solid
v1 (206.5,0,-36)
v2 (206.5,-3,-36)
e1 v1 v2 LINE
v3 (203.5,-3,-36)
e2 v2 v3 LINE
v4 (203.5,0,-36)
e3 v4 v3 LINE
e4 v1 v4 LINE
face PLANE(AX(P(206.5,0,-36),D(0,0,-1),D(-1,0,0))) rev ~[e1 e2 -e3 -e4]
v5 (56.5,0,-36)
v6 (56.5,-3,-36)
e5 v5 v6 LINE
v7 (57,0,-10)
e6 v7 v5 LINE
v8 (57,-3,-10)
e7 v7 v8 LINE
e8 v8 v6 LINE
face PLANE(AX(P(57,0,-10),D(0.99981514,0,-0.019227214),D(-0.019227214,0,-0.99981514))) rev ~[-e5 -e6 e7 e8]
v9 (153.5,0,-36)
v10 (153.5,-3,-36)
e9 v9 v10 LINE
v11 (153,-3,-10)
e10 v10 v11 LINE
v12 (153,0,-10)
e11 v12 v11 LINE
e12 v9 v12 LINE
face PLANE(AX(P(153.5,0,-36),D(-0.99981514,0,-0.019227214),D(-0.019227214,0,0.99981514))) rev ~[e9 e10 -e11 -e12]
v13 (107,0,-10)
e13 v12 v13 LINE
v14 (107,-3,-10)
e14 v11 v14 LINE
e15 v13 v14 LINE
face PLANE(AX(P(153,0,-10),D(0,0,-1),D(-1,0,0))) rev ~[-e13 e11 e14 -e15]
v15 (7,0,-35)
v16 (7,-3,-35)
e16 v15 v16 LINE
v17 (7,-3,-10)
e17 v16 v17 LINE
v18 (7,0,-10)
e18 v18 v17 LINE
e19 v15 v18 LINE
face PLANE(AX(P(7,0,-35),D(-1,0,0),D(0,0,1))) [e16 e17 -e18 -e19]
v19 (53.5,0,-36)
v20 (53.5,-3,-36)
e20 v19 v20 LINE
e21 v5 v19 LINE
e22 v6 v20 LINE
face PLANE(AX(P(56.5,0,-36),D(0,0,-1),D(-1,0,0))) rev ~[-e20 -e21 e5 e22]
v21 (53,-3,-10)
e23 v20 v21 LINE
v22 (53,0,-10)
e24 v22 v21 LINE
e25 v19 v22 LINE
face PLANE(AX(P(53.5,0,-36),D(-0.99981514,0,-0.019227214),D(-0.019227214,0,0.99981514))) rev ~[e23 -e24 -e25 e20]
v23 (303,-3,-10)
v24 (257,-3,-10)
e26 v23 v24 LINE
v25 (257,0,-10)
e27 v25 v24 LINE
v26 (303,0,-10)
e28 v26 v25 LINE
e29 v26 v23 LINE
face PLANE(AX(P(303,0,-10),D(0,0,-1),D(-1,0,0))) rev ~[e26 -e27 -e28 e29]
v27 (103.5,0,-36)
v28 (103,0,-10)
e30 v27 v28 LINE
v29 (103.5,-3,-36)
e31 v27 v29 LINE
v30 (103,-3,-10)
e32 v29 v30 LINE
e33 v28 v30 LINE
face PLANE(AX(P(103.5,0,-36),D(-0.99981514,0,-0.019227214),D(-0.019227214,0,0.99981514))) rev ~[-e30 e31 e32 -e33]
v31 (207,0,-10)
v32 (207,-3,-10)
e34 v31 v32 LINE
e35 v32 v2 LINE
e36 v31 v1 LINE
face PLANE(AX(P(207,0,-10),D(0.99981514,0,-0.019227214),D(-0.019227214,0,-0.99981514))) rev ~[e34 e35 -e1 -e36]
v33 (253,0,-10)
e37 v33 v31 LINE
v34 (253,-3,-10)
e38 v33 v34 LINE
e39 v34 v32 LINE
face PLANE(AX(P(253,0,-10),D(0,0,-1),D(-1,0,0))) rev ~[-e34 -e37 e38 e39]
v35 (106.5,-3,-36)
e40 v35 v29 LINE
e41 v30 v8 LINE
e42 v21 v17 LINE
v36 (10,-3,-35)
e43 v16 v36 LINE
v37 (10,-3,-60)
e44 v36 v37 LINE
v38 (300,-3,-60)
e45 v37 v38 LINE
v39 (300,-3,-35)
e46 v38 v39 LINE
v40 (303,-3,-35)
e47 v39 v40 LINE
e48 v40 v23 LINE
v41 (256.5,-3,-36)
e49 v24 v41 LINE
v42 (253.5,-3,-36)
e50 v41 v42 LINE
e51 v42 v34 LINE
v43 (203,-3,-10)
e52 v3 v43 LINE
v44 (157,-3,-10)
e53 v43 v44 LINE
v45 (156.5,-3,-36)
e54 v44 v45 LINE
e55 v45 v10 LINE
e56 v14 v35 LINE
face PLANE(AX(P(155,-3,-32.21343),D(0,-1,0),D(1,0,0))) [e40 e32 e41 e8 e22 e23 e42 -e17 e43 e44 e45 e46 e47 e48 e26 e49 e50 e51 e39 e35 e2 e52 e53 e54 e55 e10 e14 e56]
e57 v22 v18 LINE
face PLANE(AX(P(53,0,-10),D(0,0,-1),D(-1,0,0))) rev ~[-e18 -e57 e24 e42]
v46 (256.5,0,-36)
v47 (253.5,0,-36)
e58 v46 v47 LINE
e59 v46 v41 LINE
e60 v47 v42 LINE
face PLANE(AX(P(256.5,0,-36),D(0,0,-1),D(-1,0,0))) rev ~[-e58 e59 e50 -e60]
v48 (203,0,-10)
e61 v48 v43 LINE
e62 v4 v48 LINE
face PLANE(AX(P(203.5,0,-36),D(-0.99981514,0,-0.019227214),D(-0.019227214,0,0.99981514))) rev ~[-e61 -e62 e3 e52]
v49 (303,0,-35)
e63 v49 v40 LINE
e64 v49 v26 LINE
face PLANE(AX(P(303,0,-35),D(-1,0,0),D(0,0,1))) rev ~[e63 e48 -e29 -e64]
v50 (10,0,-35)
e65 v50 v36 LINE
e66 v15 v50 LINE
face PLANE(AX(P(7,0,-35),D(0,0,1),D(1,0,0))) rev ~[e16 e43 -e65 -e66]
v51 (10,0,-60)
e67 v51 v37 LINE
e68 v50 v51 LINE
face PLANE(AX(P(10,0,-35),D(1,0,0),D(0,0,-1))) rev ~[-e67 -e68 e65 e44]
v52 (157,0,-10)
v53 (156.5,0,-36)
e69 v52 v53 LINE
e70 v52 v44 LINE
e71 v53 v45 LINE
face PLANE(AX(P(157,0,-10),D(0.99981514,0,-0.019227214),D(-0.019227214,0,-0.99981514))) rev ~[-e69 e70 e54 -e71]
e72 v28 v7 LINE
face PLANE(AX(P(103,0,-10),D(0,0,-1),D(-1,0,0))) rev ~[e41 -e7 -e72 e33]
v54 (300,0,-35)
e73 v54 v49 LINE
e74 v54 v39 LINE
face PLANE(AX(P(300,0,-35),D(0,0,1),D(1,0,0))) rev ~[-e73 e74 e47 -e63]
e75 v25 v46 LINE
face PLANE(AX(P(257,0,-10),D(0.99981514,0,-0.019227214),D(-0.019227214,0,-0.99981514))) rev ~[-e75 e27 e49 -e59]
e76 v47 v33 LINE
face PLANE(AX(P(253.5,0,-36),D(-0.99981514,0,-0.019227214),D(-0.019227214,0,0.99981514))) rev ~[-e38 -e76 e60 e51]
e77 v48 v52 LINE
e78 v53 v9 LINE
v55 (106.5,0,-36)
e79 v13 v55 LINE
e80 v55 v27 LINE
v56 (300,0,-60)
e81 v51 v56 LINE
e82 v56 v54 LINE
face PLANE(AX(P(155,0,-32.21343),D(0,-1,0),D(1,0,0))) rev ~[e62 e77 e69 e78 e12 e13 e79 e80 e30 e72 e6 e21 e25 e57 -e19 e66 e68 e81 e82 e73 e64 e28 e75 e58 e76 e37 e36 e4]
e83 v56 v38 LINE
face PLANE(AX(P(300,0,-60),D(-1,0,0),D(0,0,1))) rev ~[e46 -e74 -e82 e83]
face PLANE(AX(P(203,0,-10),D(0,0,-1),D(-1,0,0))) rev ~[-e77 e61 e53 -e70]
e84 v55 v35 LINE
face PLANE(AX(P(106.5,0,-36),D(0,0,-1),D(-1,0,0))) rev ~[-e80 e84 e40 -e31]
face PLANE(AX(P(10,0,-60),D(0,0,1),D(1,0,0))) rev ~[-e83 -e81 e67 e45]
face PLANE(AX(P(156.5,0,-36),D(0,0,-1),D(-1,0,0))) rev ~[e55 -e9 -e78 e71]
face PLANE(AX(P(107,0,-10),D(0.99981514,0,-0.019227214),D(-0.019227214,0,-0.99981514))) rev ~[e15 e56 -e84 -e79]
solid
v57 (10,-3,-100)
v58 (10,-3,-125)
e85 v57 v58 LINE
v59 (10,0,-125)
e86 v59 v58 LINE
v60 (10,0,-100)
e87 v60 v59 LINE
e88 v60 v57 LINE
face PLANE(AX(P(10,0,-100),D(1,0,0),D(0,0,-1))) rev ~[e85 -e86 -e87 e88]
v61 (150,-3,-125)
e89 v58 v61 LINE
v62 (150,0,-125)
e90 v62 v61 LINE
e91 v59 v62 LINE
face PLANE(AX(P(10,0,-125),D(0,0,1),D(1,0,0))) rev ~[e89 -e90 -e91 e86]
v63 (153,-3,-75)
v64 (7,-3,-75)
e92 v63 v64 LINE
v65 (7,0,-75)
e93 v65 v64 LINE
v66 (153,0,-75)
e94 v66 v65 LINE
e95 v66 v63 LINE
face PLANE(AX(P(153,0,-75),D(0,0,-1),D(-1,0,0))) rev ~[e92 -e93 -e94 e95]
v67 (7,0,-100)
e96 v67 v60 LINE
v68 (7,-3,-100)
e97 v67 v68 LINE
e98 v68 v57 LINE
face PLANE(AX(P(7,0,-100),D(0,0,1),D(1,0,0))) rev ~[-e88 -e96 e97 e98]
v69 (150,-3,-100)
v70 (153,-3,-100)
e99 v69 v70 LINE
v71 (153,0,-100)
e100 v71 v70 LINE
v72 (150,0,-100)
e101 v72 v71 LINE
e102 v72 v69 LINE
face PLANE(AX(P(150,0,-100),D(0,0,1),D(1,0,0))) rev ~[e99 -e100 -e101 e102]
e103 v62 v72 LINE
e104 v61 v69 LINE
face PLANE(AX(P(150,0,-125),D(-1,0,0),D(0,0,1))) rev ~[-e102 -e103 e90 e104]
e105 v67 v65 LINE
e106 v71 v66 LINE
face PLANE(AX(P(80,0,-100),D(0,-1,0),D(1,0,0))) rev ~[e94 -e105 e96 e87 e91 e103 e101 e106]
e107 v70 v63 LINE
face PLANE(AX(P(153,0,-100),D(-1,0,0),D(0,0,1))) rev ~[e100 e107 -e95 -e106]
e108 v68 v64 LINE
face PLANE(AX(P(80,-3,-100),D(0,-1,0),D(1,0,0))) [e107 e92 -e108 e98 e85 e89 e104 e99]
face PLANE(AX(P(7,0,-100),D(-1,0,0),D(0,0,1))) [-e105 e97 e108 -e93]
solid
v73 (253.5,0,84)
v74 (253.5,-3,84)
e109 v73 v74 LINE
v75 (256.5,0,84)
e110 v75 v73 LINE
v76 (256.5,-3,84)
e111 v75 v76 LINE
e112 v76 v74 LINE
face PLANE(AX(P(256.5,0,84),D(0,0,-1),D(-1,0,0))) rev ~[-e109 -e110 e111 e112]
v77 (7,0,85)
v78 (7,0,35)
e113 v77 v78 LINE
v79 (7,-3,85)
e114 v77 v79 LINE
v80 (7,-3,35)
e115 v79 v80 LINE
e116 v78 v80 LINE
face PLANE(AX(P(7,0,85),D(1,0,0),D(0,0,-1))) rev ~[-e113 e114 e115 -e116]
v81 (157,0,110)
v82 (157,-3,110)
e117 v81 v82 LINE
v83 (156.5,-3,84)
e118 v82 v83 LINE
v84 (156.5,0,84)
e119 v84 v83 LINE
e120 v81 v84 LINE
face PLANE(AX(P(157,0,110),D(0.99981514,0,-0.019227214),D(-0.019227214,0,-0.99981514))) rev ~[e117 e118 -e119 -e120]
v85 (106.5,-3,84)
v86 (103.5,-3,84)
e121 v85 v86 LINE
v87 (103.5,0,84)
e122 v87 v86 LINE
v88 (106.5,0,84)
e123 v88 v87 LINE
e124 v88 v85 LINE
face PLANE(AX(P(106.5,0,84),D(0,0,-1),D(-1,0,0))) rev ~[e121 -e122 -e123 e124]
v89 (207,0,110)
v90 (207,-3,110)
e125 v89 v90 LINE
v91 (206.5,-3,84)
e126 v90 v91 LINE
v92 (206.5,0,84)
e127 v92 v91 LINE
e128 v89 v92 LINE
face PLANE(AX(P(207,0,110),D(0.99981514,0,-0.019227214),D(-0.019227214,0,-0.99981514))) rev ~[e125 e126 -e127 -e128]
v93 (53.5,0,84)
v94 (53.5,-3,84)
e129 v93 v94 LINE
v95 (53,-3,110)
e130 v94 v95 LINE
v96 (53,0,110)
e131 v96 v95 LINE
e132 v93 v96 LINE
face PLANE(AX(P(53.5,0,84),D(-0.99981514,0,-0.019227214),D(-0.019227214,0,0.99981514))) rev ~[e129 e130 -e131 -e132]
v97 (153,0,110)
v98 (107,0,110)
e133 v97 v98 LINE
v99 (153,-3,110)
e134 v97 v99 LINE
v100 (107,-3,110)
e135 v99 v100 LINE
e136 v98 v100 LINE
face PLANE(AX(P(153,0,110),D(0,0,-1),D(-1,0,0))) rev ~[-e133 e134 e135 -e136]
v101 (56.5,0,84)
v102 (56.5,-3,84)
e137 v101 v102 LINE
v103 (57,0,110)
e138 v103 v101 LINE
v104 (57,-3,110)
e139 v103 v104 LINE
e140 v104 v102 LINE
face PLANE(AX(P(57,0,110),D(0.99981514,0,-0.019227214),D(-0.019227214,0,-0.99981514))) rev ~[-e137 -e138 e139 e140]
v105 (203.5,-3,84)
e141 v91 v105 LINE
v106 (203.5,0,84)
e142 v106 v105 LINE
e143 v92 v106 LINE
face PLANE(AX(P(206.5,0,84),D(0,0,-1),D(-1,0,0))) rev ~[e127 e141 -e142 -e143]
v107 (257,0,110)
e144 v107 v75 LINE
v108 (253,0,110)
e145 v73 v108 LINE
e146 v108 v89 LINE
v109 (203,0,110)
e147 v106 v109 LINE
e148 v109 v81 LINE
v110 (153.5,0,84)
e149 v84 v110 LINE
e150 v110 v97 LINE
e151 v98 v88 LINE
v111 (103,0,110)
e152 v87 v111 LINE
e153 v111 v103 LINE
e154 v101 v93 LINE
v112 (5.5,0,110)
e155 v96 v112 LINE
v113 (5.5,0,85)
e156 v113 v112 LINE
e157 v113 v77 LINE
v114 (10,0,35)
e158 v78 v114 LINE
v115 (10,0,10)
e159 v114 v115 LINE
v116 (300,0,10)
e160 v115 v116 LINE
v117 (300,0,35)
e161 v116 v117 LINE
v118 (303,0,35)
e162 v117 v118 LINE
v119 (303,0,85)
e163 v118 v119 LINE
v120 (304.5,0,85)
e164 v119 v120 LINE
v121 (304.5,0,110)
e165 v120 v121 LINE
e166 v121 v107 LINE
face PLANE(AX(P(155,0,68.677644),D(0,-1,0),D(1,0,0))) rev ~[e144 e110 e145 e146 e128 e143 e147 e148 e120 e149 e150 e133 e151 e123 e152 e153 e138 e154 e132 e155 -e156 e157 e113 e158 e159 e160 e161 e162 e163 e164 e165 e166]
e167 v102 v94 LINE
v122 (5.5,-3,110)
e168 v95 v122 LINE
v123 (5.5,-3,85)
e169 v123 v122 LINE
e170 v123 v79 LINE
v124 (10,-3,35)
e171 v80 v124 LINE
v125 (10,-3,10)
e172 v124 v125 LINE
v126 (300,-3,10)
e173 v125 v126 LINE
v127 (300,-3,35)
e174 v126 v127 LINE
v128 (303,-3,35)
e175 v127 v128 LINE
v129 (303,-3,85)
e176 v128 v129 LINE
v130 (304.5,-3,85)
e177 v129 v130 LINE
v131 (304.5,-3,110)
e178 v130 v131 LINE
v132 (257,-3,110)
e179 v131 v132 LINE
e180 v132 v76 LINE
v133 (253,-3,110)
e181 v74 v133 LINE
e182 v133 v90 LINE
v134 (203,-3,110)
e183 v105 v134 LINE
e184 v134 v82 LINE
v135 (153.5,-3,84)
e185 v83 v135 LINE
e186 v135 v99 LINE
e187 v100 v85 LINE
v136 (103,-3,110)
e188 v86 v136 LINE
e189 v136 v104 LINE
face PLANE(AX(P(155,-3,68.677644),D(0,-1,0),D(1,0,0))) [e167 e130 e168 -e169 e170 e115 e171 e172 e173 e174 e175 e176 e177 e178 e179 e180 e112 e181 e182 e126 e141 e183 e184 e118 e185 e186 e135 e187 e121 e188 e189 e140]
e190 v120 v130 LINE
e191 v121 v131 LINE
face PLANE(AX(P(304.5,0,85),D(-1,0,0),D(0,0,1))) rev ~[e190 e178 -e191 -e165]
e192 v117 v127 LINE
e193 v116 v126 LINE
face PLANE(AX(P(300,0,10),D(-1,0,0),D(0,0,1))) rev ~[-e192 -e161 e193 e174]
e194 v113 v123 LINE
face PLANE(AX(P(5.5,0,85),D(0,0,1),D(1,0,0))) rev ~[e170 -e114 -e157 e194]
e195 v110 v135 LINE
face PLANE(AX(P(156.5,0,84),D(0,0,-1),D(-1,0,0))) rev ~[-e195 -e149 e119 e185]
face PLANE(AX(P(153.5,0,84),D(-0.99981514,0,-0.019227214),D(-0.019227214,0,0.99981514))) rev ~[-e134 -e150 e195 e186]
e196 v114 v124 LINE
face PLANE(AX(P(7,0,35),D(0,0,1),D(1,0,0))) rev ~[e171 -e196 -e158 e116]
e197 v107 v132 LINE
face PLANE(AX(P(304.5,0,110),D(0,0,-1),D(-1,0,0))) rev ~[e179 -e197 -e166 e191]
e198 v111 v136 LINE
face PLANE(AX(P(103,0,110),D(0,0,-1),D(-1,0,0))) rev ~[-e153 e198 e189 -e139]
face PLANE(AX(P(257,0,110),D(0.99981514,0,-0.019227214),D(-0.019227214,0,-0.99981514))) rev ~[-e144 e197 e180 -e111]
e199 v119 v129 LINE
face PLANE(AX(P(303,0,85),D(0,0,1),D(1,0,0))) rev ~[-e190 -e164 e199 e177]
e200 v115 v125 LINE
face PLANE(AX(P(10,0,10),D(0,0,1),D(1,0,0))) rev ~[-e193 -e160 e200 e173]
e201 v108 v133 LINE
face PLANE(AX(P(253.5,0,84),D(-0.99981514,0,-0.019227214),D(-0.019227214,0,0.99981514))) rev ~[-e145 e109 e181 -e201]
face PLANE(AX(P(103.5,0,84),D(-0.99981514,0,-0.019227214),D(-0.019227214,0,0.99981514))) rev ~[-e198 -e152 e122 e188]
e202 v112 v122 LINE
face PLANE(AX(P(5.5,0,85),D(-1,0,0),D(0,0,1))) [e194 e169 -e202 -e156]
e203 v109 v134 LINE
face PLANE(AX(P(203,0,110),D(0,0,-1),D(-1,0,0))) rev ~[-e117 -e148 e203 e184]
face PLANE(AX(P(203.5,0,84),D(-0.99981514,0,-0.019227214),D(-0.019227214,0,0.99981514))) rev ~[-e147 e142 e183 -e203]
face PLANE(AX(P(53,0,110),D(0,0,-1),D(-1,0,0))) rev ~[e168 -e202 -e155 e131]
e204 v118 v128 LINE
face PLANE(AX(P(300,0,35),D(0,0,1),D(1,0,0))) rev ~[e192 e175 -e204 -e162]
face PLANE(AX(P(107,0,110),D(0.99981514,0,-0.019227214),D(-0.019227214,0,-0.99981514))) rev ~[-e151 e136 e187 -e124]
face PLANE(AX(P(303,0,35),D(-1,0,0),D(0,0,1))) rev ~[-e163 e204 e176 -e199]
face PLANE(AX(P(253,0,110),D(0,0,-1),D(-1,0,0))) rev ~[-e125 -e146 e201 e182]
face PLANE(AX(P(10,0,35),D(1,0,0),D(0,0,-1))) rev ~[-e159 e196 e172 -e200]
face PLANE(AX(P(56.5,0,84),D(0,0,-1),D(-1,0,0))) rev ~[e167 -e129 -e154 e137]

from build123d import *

# Parameters (mm, degrees)
F0_W     = 1.5
F0_H     = 25
F0_W_2   = 3
F1_DEPTH = 3
F2_W     = 3
F2_H     = 25
F3_DEPTH = 3
F4_W     = 3
F4_H     = 25
F5_DEPTH = 3


with BuildPart() as f1:
    # F0 (on Front) → F1 (new body)
    with BuildSketch(Plane.XZ):
        Polygon((10, 35), (10, 10), (300, 10), (300, 35), (300, 60), (300, 110), (257, 110), (256.5, 84), (253.5, 84), (253, 110), (207, 110), (206.5, 84), (203.5, 84), (203, 110), (157, 110), (156.5, 84), (153.5, 84), (153, 110), (107, 110), (106.5, 84), (103.5, 84), (103, 110), (57, 110), (56.5, 84), (53.5, 84), (53, 110), (10, 110), (10, 60), align=None)
        Polygon((7, 60), (10, 60), (10, 110), (7, 110), (7, 85), align=None)
        with Locations((6.25, 97.5)):
            Rectangle(F0_W, F0_H)
        with Locations((8.5, 47.5)):
            Rectangle(F0_W_2, F0_H)
        with Locations((301.5, 47.5)):
            Rectangle(F0_W_2, F0_H)
        Polygon((300, 110), (300, 60), (303, 60), (303, 85), (303, 110), align=None)
        with Locations((303.75, 97.5)):
            Rectangle(F0_W, F0_H)
    extrude(amount=F1_DEPTH)


with BuildPart() as f3:
    # F2 (on Front) → F3 (new body)
    with BuildSketch(Plane.XZ):
        Polygon((10, -35), (10, -60), (300, -60), (300, -35), (300, -10), (257, -10), (256.5, -36), (253.5, -36), (253, -10), (207, -10), (206.5, -36), (203.5, -36), (203, -10), (157, -10), (156.5, -36), (153.5, -36), (153, -10), (107, -10), (106.5, -36), (103.5, -36), (103, -10), (57, -10), (56.5, -36), (53.5, -36), (53, -10), (10, -10), align=None)
        with Locations((8.5, -22.5)):
            Rectangle(F2_W, F2_H)
        with Locations((301.5, -22.5)):
            Rectangle(F2_W, F2_H)
    extrude(amount=F3_DEPTH)


with BuildPart() as f5:
    # F4 (on Front) → F5 (new body)
    with BuildSketch(Plane.XZ):
        Polygon((10, -100), (10, -125), (150, -125), (150, -100), (150, -75), (10, -75), align=None)
        with Locations((151.5, -87.5)):
            Rectangle(F4_W, F4_H)
        with Locations((8.5, -87.5)):
            Rectangle(F4_W, F4_H)
    extrude(amount=F5_DEPTH)


solid = Compound([f1.part, f3.part, f5.part])
